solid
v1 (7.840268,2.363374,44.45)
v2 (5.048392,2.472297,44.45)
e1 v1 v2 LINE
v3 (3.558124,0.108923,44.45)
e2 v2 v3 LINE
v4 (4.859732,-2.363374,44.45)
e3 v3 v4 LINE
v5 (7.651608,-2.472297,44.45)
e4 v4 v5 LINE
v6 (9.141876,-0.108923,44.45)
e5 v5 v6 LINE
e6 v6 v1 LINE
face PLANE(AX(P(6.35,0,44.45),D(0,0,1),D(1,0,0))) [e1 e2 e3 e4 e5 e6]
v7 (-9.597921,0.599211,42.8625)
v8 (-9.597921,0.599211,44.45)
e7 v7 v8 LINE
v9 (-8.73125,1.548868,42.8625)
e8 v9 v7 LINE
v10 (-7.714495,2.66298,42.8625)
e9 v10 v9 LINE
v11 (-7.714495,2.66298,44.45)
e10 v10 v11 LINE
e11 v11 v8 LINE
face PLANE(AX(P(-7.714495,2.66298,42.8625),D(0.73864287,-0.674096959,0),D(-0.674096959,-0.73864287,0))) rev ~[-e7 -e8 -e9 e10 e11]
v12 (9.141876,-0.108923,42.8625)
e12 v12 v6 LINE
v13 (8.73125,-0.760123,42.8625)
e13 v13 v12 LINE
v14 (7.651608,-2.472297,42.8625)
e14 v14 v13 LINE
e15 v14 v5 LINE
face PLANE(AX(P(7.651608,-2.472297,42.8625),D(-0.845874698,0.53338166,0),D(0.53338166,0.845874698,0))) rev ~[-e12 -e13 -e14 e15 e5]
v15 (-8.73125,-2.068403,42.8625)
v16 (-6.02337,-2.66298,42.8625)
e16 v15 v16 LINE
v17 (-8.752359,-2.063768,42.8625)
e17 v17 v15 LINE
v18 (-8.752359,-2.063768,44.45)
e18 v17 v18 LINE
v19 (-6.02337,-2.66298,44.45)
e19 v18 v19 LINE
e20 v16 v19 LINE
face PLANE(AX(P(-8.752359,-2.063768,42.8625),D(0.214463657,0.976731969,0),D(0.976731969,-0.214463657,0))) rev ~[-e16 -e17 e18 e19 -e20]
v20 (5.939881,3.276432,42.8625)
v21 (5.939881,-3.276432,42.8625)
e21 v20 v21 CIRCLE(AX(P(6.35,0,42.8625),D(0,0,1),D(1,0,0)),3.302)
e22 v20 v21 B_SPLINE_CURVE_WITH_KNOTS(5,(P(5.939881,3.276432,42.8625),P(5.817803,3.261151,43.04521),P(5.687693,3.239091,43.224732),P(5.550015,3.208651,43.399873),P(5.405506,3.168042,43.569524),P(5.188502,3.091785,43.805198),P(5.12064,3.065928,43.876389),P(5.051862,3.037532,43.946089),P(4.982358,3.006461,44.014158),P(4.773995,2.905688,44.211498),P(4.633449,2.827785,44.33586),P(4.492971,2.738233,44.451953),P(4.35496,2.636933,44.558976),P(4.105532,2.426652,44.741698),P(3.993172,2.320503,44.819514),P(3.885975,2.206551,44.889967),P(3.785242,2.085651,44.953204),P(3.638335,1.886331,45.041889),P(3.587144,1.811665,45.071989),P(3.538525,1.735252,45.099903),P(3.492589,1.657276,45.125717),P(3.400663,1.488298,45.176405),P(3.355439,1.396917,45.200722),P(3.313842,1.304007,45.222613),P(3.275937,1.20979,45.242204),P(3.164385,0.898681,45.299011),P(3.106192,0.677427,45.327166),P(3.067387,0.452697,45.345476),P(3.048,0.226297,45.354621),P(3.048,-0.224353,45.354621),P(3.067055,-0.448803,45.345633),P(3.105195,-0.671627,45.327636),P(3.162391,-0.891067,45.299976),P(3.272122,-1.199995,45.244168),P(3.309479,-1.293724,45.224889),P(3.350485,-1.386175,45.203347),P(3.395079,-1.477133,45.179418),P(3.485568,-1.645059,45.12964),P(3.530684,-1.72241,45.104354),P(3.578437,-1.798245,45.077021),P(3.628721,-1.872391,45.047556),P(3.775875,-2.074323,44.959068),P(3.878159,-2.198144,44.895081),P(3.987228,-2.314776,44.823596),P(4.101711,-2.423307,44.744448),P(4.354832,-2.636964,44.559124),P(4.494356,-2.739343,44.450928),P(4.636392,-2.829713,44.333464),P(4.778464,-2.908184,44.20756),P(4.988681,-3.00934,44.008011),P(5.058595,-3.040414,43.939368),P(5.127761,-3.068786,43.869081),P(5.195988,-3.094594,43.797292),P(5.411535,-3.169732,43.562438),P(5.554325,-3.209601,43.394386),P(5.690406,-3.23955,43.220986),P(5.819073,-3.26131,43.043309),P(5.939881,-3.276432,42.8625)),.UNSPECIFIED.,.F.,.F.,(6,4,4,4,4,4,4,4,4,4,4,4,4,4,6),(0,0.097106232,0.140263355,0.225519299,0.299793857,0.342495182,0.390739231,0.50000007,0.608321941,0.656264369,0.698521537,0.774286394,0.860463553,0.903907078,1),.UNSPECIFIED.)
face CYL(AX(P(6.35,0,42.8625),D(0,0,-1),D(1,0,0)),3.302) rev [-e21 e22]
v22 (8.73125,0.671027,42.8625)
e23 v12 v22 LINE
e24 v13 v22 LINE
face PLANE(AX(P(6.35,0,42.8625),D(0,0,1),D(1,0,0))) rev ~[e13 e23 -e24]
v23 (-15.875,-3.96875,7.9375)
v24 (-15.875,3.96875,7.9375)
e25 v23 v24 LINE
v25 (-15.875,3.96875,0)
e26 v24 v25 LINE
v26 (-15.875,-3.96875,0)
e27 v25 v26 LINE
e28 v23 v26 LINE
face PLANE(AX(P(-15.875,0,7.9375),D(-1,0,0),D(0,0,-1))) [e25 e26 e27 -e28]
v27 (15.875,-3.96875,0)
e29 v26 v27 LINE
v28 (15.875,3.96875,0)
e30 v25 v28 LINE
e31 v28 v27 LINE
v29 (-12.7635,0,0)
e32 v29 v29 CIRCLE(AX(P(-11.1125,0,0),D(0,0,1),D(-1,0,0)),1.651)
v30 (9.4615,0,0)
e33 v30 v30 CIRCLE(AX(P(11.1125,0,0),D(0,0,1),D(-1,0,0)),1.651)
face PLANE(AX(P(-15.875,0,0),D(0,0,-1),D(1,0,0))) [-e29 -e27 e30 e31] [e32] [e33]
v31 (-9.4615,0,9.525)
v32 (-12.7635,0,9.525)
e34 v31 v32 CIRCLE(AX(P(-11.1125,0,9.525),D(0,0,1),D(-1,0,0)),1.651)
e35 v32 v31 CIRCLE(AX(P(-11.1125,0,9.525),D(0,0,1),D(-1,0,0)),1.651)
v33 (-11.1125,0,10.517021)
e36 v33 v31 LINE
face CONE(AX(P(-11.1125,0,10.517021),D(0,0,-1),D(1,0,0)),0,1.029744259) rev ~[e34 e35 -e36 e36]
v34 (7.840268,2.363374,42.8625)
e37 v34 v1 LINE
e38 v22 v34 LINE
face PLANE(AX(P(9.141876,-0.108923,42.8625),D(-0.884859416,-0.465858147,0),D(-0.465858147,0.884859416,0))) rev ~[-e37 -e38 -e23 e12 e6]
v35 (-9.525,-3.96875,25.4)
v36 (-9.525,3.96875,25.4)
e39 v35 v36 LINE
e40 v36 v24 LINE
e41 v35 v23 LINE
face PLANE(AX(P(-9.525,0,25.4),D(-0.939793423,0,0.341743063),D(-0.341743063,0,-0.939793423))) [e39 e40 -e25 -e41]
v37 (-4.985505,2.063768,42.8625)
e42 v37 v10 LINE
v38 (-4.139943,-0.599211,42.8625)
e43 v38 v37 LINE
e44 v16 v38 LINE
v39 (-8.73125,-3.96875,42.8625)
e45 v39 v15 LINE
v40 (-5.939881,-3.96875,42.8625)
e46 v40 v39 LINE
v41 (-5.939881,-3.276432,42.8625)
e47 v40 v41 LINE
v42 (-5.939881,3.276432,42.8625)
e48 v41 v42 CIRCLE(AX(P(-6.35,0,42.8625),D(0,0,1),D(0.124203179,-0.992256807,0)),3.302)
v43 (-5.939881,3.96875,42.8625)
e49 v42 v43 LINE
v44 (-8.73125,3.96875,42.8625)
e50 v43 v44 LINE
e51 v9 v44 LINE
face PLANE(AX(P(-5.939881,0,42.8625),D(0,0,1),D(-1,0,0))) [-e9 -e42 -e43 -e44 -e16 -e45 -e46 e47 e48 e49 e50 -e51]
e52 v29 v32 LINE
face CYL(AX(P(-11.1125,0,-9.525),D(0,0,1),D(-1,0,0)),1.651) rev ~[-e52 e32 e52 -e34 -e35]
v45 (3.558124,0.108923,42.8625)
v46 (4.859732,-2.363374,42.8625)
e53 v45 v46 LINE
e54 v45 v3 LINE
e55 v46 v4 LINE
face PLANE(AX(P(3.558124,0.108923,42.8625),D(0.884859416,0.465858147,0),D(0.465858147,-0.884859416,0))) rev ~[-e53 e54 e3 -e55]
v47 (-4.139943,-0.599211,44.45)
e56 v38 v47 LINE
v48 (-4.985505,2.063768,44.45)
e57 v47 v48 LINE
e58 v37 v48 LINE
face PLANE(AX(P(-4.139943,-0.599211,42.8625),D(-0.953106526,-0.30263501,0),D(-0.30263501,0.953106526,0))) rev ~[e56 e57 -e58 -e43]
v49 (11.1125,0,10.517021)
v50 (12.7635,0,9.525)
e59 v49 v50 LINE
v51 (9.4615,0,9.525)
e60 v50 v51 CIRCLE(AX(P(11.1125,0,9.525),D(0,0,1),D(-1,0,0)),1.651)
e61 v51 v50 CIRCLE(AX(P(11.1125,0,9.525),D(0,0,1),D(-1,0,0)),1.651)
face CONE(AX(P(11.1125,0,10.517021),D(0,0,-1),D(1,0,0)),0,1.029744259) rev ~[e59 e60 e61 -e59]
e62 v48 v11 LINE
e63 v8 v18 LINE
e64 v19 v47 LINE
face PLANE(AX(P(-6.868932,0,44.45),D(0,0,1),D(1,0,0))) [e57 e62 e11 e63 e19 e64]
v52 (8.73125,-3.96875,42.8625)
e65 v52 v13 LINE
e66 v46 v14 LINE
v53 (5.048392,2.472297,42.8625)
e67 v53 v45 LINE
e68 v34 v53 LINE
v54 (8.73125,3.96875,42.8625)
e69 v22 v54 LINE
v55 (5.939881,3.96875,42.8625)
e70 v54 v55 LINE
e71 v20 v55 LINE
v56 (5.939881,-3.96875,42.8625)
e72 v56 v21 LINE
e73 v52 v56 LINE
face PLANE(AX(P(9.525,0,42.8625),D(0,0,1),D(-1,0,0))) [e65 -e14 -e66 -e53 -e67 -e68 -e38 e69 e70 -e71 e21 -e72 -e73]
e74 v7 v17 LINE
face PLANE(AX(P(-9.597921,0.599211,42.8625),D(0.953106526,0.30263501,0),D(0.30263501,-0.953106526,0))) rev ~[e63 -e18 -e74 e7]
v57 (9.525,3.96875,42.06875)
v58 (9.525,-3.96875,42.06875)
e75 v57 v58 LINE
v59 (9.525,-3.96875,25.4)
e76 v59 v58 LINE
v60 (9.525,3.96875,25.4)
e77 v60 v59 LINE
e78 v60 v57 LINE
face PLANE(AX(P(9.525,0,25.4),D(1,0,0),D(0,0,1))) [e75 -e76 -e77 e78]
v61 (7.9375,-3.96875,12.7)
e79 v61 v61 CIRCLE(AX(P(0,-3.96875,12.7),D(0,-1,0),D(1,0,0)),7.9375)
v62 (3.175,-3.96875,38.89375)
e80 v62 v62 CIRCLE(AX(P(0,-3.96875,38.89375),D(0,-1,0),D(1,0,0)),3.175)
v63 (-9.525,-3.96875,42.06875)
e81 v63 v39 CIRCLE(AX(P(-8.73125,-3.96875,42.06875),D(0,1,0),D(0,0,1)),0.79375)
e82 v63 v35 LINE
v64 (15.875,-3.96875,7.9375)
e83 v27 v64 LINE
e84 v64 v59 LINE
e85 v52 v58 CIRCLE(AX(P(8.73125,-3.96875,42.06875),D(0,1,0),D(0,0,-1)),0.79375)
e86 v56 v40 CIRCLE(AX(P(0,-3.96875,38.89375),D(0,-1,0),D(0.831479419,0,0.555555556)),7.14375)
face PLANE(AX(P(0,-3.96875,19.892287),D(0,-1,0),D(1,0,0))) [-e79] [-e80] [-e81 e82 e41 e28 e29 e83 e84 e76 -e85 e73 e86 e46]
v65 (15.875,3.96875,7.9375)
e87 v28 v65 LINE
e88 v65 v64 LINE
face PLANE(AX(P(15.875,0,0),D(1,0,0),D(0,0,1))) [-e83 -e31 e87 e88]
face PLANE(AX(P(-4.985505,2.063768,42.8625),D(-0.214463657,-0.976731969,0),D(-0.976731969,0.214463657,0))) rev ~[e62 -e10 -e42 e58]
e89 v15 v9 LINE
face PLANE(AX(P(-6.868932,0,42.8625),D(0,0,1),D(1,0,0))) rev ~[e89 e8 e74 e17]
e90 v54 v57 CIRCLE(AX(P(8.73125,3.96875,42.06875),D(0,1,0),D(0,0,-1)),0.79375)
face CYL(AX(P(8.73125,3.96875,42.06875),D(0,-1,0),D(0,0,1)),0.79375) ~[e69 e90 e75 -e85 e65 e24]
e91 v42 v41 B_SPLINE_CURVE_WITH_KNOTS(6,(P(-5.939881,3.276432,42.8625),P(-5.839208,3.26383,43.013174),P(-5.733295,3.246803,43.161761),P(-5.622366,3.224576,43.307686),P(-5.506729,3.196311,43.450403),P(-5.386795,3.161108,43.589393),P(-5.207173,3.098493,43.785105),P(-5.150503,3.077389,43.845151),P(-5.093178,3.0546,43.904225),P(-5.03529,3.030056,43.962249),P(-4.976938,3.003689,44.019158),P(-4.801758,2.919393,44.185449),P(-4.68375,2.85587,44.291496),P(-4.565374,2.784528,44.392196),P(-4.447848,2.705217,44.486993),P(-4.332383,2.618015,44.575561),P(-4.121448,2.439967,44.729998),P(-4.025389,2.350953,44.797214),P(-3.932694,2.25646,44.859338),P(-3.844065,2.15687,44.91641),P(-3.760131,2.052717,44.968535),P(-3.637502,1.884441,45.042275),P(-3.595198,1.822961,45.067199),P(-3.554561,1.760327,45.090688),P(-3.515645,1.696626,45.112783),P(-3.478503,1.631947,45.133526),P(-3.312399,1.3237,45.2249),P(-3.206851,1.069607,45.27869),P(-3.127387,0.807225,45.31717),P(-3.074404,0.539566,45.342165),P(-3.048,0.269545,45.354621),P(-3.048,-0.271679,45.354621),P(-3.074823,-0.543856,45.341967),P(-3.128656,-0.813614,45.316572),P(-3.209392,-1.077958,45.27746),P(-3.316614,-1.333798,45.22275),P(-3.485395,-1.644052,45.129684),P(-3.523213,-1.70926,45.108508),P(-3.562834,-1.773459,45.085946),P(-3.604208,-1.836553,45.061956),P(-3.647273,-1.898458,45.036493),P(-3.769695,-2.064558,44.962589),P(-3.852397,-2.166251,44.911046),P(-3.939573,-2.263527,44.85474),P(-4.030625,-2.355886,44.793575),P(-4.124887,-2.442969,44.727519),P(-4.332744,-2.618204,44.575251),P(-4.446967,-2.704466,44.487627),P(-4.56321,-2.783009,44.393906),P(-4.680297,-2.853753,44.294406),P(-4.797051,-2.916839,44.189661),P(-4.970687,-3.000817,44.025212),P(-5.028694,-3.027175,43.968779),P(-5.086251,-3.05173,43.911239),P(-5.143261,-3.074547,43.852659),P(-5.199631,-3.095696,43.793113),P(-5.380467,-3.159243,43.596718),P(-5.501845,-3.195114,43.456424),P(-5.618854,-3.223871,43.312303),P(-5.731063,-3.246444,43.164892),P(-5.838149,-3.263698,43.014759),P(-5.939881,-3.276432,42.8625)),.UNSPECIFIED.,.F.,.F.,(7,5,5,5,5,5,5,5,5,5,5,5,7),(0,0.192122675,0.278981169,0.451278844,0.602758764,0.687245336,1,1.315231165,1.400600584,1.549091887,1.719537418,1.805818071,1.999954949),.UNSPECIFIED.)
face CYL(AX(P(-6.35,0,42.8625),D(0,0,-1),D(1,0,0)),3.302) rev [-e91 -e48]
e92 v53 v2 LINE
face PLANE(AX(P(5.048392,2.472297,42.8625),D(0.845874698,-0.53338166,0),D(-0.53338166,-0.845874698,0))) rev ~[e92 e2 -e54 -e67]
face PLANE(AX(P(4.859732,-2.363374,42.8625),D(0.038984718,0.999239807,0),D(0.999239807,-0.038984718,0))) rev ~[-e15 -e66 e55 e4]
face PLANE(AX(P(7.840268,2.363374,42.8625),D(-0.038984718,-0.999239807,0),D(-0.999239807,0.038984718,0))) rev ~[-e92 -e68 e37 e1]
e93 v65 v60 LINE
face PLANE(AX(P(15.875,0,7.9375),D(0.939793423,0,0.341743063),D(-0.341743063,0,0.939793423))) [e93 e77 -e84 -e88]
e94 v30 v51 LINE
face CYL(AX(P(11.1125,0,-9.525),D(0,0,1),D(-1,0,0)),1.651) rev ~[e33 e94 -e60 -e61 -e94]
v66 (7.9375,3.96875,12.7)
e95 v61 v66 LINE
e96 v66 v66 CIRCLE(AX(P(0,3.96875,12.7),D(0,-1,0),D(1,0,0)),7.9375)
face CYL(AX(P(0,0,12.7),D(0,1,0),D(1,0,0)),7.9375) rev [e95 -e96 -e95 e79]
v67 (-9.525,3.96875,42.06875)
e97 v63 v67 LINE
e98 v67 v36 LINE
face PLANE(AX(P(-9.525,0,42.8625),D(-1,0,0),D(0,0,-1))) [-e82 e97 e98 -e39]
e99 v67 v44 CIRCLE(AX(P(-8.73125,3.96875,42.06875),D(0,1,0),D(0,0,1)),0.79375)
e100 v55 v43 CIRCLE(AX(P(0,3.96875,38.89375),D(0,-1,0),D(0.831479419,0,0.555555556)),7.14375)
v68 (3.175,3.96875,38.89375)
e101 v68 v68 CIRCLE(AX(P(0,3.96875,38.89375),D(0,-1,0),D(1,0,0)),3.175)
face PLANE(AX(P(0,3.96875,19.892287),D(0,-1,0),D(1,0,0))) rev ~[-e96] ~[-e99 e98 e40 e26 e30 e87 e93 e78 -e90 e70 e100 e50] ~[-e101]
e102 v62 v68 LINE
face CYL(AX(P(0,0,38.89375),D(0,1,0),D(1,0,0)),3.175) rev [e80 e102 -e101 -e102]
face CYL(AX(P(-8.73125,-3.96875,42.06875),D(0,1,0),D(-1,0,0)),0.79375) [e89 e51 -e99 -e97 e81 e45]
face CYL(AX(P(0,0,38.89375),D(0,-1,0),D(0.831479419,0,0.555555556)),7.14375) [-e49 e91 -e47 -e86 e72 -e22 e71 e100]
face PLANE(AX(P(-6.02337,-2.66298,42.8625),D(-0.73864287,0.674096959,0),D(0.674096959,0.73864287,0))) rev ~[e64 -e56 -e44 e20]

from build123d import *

# Parameters (mm, degrees)
F0_R     = 7.9375
F0_R_2   = 3.175
F1_DEPTH = 3.96875
F2_R     = 0.79375
F4_D     = 3.302
F4_DEPTH = 9.525
F4_TIP   = 0.992020882
F6_R     = 3.302
F7_DEPTH = 25.4
F9_DEPTH = 1.5875


with BuildPart() as f1:
    # F0 (on Front) → F1 (new body, symmetric)
    with BuildSketch(Plane.XZ):
        with BuildLine():
            Line((-15.875, 7.9375), (-15.875, 0))
            Line((-15.875, 0), (15.875, 0))
            Line((15.875, 0), (15.875, 7.9375))
            Line((15.875, 7.9375), (9.525, 25.4))
            Line((9.525, 25.4), (9.525, 42.8625))
            Line((9.525, 42.8625), (5.9398811015, 42.8625))
            ThreePointArc((5.9398811015, 42.8625), (0, 46.0375), (-5.9398811015, 42.8625))
            Line((-5.9398811015, 42.8625), (-9.525, 42.8625))
            Line((-9.525, 42.8625), (-9.525, 25.4))
            Line((-9.525, 25.4), (-15.875, 7.9375))
        make_face()
        with Locations((0, 12.7)):
            Circle(F0_R, mode=Mode.SUBTRACT)
        with Locations((0, 38.89375)):
            Circle(F0_R_2, mode=Mode.SUBTRACT)
    extrude(amount=F1_DEPTH, both=True)

    # F2
    f2_edges = [f1.edges().sort_by_distance(p)[0] for p in [
        (-9.525, 0, 42.8625),
        (9.525, 0, 42.8625),
    ]]
    fillet(f2_edges, radius=F2_R)

    # F4
    with Locations(Plane(origin=(0, 0, 0), x_dir=(1, 0, 0), z_dir=(0, 0, -1))):
        with Locations((-11.1125, 0), (11.1125, 0)):
            Hole(F4_D / 2, depth=F4_DEPTH)
            with Locations((0, 0, -(F4_DEPTH + F4_TIP / 2))):  # 118° drill point
                Cone(0, F4_D / 2, F4_TIP, mode=Mode.SUBTRACT)

    # F6 (on offset) → F7 (cut)
    with BuildSketch(Plane.XY.offset(42.8625)):
        with Locations((-6.35, 0)):
            Circle(F6_R)
        with Locations((6.35, 0)):
            Circle(F6_R)
    extrude(amount=F7_DEPTH, mode=Mode.SUBTRACT)

    # F8 (on offset) → F9 (join)
    with BuildSketch(Plane.XY.offset(42.8625)):
        Polygon((-4.9855054388, 2.0637681785), (-7.7144945612, 2.6629796349), (-9.5979214659, 0.5992114563), (-8.7523592481, -2.0637681785), (-6.0233701256, -2.6629796349), (-4.139943221, -0.5992114563), align=None)
        Polygon((9.1418760206, -0.1089233026), (7.8402683574, 2.3633739067), (5.0483923368, 2.4722972093), (3.5581239794, 0.1089233026), (4.8597316426, -2.3633739067), (7.6516076632, -2.4722972093), align=None)
    extrude(amount=F9_DEPTH)


solid = f1.part
